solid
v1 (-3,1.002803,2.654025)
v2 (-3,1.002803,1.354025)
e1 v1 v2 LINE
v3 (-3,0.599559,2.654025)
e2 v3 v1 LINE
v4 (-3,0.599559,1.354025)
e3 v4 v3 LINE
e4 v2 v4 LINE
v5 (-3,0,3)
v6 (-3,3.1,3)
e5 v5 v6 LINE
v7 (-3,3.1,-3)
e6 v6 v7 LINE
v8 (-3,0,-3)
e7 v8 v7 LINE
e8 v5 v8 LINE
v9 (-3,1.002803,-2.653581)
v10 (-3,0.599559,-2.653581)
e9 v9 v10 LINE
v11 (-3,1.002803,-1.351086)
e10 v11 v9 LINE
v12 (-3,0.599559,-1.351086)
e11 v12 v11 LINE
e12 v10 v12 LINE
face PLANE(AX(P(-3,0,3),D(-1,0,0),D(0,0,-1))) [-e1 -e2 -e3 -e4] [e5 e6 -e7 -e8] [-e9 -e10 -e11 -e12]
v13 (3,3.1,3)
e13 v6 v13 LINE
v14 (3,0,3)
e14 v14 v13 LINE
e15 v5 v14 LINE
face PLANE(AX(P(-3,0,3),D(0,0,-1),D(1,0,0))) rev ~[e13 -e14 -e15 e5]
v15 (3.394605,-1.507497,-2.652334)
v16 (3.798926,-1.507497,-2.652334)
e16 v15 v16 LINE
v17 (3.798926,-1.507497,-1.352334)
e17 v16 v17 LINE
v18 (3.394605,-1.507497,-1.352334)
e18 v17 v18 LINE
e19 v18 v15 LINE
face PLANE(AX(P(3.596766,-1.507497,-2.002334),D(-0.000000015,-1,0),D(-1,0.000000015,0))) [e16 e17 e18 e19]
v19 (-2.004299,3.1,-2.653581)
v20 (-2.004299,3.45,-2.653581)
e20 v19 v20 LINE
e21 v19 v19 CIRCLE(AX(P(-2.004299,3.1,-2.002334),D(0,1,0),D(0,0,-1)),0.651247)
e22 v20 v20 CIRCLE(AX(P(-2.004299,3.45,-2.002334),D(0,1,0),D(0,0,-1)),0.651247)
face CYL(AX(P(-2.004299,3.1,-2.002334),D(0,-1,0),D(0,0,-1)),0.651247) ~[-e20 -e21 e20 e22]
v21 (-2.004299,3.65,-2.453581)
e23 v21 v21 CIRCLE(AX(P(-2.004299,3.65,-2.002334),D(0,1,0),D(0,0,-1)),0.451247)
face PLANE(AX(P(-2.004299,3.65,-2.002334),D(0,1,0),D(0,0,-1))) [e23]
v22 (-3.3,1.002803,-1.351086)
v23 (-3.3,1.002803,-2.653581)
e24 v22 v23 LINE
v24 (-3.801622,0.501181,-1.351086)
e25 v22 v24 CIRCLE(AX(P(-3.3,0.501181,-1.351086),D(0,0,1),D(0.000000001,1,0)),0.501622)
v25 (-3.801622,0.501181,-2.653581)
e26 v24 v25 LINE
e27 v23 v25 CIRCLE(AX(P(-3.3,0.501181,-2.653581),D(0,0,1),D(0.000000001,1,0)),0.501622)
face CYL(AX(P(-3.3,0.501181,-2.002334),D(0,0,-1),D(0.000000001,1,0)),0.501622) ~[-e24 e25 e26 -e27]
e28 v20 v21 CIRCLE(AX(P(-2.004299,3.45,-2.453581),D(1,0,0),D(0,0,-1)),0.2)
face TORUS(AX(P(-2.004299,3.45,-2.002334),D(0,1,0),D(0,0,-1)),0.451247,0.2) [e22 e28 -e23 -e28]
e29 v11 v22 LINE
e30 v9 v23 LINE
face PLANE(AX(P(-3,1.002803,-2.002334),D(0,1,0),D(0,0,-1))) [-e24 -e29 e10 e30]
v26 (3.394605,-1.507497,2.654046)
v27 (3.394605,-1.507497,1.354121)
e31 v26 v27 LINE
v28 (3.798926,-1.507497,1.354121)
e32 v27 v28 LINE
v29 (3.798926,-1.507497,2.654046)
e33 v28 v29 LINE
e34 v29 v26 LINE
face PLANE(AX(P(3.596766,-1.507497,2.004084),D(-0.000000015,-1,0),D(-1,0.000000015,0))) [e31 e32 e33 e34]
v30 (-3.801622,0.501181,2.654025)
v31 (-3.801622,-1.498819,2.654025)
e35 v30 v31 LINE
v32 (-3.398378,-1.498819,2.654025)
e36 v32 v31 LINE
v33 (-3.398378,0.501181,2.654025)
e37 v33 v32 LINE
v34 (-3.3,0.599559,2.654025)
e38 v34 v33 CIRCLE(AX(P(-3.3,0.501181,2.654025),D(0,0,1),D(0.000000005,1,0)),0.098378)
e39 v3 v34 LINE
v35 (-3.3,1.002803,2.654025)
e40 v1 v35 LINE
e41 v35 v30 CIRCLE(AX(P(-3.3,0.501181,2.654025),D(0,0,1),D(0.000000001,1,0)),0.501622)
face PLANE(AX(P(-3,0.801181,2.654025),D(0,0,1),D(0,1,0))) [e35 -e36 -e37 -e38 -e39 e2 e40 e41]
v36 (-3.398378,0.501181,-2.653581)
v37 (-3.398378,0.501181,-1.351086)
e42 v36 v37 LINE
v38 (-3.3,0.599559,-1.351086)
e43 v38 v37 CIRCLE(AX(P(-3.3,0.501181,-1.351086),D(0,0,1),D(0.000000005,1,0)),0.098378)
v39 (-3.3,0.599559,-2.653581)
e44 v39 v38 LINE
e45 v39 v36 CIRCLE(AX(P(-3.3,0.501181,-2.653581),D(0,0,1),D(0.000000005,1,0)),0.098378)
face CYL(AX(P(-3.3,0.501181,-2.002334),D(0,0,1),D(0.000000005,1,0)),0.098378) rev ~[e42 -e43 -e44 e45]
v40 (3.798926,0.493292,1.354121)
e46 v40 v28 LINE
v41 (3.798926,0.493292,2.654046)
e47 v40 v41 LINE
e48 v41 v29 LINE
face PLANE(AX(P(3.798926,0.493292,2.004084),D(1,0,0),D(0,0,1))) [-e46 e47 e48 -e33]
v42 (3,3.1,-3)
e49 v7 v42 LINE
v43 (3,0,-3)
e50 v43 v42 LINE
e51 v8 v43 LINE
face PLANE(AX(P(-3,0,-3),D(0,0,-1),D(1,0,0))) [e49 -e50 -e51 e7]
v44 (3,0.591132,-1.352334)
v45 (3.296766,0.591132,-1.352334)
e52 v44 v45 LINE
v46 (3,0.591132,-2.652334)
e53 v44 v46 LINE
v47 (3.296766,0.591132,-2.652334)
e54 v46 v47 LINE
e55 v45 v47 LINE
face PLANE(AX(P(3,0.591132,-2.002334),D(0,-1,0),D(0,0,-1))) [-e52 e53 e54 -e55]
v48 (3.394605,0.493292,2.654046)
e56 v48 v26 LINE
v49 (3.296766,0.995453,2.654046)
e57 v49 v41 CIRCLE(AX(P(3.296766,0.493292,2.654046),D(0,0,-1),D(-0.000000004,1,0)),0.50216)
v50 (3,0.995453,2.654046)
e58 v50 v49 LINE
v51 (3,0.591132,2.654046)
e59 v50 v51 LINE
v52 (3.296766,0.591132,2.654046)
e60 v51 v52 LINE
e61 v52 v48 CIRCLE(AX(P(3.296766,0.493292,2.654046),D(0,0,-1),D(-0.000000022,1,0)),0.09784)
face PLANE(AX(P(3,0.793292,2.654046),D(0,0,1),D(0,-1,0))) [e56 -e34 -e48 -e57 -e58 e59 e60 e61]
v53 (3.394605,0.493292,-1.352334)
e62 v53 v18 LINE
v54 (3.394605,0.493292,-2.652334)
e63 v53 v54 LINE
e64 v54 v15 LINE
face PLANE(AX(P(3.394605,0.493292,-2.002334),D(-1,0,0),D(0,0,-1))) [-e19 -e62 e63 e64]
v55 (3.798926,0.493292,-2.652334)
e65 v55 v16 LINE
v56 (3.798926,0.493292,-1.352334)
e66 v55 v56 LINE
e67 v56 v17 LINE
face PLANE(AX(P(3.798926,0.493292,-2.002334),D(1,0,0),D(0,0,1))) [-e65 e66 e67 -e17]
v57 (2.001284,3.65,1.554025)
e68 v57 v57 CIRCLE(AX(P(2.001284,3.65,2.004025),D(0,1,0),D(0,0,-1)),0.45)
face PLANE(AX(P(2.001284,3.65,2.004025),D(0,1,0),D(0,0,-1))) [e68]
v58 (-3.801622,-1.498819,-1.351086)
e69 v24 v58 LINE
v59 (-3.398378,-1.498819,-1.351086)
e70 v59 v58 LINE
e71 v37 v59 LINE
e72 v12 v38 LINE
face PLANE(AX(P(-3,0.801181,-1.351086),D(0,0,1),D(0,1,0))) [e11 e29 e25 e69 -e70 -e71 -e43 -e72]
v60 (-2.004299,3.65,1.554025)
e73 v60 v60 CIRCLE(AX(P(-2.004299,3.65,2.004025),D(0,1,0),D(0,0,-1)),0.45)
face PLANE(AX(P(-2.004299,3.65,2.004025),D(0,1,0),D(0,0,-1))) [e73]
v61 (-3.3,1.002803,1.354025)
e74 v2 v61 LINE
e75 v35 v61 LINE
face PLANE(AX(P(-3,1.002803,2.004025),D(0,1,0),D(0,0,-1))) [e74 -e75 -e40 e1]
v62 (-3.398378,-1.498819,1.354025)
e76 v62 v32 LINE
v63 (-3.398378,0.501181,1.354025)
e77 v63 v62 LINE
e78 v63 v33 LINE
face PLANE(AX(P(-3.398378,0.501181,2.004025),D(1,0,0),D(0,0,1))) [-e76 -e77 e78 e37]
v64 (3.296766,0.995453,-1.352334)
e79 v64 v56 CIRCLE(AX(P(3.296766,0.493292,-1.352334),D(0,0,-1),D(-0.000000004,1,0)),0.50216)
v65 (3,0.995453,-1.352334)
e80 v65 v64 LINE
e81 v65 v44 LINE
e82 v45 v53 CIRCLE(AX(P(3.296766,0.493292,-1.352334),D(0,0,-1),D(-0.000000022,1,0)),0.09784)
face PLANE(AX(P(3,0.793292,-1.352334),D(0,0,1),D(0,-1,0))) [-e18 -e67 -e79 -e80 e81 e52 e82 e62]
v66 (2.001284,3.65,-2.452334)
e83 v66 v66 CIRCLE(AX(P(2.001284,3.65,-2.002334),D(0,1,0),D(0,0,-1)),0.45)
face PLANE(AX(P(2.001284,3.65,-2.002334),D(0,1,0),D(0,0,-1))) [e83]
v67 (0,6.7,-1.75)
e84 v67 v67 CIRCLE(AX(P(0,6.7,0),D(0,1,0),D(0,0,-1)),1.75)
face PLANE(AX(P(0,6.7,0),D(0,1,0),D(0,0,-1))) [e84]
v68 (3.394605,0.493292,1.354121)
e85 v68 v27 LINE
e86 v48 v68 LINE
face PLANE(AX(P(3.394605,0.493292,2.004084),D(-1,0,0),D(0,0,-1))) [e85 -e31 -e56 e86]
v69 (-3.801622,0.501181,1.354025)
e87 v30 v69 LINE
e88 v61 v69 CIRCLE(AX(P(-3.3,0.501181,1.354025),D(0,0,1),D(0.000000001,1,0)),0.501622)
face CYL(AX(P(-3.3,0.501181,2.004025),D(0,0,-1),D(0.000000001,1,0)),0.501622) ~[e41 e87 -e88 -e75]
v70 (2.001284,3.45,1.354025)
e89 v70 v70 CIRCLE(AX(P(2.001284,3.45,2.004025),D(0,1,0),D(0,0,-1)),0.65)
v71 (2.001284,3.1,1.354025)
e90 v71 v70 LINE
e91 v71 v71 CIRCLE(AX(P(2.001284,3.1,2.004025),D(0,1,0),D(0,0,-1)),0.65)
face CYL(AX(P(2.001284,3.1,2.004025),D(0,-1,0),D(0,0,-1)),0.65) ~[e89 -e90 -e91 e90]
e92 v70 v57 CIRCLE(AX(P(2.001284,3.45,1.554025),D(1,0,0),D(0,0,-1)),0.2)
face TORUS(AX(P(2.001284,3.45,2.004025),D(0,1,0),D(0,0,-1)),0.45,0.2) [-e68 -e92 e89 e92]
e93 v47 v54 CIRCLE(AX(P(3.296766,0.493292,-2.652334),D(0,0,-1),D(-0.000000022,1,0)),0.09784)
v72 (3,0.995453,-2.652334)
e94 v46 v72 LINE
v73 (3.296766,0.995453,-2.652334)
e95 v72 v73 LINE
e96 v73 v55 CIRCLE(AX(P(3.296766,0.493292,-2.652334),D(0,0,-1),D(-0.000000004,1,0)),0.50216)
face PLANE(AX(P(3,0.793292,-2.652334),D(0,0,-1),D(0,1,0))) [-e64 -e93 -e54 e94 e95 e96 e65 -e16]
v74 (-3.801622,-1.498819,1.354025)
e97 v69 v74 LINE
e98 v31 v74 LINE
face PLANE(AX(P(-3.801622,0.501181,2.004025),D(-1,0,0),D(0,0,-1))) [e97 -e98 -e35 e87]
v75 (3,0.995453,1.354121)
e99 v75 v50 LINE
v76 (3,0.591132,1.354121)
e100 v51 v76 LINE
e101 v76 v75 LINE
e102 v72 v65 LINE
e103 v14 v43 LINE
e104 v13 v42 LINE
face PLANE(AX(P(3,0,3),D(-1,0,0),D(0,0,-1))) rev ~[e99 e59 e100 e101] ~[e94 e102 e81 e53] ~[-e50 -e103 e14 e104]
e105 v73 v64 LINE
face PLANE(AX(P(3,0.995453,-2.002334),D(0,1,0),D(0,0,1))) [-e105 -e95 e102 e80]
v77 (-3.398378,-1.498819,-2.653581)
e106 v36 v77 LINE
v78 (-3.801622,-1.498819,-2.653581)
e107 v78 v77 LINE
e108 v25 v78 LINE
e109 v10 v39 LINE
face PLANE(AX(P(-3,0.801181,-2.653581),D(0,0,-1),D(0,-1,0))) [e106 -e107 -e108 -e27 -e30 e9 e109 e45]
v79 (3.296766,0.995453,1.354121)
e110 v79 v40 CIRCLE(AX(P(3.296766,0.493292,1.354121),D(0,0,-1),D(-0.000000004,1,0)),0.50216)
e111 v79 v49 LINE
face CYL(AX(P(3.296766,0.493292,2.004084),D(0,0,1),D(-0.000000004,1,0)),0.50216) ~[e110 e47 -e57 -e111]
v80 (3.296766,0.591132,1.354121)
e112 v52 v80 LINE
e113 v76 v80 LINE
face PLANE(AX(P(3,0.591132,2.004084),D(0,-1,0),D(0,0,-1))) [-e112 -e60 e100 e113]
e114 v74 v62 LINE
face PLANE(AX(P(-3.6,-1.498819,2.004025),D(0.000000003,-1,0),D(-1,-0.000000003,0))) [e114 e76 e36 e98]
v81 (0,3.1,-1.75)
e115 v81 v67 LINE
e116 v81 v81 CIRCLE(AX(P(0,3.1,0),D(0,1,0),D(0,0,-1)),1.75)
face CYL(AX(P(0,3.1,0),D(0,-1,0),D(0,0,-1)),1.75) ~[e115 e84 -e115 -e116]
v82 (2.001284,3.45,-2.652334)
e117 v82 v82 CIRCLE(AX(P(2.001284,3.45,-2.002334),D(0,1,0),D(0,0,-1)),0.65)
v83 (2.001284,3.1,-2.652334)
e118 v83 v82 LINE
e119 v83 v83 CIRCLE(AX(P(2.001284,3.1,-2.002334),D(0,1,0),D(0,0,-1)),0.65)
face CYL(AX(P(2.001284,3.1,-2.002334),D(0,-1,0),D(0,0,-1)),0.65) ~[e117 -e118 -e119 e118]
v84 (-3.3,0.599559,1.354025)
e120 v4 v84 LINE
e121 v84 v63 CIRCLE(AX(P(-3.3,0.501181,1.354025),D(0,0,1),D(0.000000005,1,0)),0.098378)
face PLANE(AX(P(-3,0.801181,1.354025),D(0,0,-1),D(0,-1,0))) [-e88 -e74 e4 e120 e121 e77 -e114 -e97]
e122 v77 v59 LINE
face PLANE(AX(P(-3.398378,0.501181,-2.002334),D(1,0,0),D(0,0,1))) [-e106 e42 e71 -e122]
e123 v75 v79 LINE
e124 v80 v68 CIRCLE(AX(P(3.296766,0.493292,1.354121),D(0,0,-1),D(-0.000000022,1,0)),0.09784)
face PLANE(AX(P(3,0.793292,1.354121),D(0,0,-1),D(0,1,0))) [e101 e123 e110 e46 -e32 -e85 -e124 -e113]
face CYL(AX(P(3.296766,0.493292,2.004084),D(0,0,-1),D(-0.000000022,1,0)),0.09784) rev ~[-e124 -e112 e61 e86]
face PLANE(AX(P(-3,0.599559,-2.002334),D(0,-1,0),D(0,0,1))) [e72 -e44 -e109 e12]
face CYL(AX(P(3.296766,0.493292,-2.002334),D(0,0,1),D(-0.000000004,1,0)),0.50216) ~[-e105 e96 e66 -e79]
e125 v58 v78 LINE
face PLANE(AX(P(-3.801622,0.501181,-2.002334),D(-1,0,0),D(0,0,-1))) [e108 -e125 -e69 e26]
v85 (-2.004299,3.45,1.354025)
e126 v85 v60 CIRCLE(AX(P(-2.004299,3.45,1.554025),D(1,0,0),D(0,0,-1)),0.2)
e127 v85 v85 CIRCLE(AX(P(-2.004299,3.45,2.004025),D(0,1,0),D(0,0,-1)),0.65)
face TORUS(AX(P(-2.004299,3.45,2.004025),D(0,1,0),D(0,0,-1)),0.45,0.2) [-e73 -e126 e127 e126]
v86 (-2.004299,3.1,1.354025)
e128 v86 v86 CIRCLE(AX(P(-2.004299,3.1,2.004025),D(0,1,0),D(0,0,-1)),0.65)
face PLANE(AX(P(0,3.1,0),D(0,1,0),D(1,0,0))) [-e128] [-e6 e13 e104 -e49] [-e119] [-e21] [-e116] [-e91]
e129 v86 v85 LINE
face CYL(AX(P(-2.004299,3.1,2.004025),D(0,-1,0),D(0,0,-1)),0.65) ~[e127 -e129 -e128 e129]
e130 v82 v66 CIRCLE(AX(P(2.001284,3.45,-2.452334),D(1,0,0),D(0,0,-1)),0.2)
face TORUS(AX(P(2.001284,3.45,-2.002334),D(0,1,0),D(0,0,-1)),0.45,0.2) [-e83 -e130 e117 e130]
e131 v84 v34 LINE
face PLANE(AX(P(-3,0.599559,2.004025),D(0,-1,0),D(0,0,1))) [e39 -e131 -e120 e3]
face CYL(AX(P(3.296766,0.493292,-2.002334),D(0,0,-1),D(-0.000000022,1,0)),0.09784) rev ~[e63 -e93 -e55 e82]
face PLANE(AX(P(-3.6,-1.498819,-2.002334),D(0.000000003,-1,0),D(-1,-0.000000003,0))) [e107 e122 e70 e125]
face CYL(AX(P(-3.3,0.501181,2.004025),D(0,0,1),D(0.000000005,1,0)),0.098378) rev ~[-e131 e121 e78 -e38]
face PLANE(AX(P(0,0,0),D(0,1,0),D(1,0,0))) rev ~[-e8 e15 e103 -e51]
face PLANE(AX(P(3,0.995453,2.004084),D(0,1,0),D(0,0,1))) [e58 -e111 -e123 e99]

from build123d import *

# Parameters (mm, degrees)
SKETCH_1_W      = 6
SKETCH_1_H      = 6
EXTRUDE_1_DEPTH = 3.1
SKETCH_2_R      = 1.75
EXTRUDE_2_DEPTH = 3.6
SKETCH_8_W      = 1.302494735
SKETCH_8_H      = 0.403244053
SKETCH_8_W_2    = 1.3
SKETCH_3_R      = 0.65
SKETCH_3_R_2    = 0.651247367
EXTRUDE_5_DEPTH = 0.55
FILLET_1_R      = 0.2
FILLET_2_R      = 0.2
FILLET_3_R      = 0.2
FILLET_4_R      = 0.2
SKETCH_13_W     = 1.29992486
SKETCH_13_H     = 0.404320481
SKETCH_13_W_2   = 1.3


with BuildPart() as part:
    # Эскиз1 → Бобышка-Вытянуть1 (new body)
    with BuildSketch(Plane(origin=(0, 0, 0), x_dir=(1, 0, 0), z_dir=(0, 1, 0))):
        Rectangle(SKETCH_1_W, SKETCH_1_H)
    extrude(amount=EXTRUDE_1_DEPTH)

    # Эскиз2 → Бобышка-Вытянуть2 (add)
    with BuildSketch(Plane(origin=(0, 3.1, 0), x_dir=(1, 0, 0), z_dir=(0, 1, 0))):
        with Locations(Location((0, 0, 0), (0, 0, 90))):
            Circle(SKETCH_2_R)
    extrude(amount=EXTRUDE_2_DEPTH)

    # По траектории11: sweep along a path in Эскиз11
    with BuildLine(Plane.XY) as sweep_11_path:
        Line((-3, 0.80118086), (-3.3, 0.80118086))
        ThreePointArc((-3.3, 0.80118086), (-3.512132034, 0.713312895), (-3.6, 0.50118086))
        Line((-3.6, 0.50118086), (-3.6, -1.49881914))
    # Эскиз8 → По траектории11 (sweep)
    with BuildSketch(Plane.ZY.offset(3)):
        with Locations((-2.002333521, 0.801180861)):
            Rectangle(SKETCH_8_W, SKETCH_8_H)
        with Locations((2.004025026, 0.801180861)):
            Rectangle(SKETCH_8_W_2, SKETCH_8_H)
    sweep(path=sweep_11_path.line)

    # Эскиз3 → Бобышка-Вытянуть5 (add)
    with BuildSketch(Plane(origin=(0, 3.1, 0), x_dir=(1, 0, 0), z_dir=(0, 1, 0))):
        with Locations(Location((-2.004298807, -2.004025026, 0), (0, 0, 90))):
            Circle(SKETCH_3_R)
        with Locations(Location((-2.004298807, 2.002333521, 0), (0, 0, 90))):
            Circle(SKETCH_3_R_2)
        with Locations(Location((2.001283613, 2.002333521, 0), (0, 0, 90))):
            Circle(SKETCH_3_R)
        with Locations(Location((2.001283613, -2.004025026, 0), (0, 0, 90))):
            Circle(SKETCH_3_R)
    extrude(amount=EXTRUDE_5_DEPTH)

    # Скругление1
    fillet_1_edges = [part.edges().sort_by_distance(p)[0] for p in [
        (2.001283613, 3.65, 2.654025026),
    ]]
    fillet(fillet_1_edges, radius=FILLET_1_R)

    # Скругление2
    fillet_2_edges = [part.edges().sort_by_distance(p)[0] for p in [
        (-2.004298807, 3.65, 2.654025026),
    ]]
    fillet(fillet_2_edges, radius=FILLET_2_R)

    # Скругление3
    fillet_3_edges = [part.edges().sort_by_distance(p)[0] for p in [
        (2.001283613, 3.65, -1.352333521),
    ]]
    fillet(fillet_3_edges, radius=FILLET_3_R)

    # Скругление4
    fillet_4_edges = [part.edges().sort_by_distance(p)[0] for p in [
        (-2.004298807, 3.65, -1.351086153),
    ]]
    fillet(fillet_4_edges, radius=FILLET_4_R)

    # По траектории12: sweep along a path in Эскиз14
    with BuildLine(Plane.XY) as sweep_12_path:
        Line((3, 0.793292299), (3.29676564, 0.793292299))
        ThreePointArc((3.29676564, 0.793292299), (3.508897675, 0.705424334), (3.59676564, 0.493292299))
        Line((3.59676564, 0.493292299), (3.59676564, -1.507497103))
    # Эскиз13 → По траектории12 (sweep)
    with BuildSketch(Plane(origin=(3, 0, 0), x_dir=(0, 0, -1), z_dir=(1, 0, 0))):
        with Locations((-2.004083718, 0.7932923)):
            Rectangle(SKETCH_13_W, SKETCH_13_H)
        with Locations((2.002333521, 0.7932923)):
            Rectangle(SKETCH_13_W_2, SKETCH_13_H)
    sweep(path=sweep_12_path.line)


solid = part.part
